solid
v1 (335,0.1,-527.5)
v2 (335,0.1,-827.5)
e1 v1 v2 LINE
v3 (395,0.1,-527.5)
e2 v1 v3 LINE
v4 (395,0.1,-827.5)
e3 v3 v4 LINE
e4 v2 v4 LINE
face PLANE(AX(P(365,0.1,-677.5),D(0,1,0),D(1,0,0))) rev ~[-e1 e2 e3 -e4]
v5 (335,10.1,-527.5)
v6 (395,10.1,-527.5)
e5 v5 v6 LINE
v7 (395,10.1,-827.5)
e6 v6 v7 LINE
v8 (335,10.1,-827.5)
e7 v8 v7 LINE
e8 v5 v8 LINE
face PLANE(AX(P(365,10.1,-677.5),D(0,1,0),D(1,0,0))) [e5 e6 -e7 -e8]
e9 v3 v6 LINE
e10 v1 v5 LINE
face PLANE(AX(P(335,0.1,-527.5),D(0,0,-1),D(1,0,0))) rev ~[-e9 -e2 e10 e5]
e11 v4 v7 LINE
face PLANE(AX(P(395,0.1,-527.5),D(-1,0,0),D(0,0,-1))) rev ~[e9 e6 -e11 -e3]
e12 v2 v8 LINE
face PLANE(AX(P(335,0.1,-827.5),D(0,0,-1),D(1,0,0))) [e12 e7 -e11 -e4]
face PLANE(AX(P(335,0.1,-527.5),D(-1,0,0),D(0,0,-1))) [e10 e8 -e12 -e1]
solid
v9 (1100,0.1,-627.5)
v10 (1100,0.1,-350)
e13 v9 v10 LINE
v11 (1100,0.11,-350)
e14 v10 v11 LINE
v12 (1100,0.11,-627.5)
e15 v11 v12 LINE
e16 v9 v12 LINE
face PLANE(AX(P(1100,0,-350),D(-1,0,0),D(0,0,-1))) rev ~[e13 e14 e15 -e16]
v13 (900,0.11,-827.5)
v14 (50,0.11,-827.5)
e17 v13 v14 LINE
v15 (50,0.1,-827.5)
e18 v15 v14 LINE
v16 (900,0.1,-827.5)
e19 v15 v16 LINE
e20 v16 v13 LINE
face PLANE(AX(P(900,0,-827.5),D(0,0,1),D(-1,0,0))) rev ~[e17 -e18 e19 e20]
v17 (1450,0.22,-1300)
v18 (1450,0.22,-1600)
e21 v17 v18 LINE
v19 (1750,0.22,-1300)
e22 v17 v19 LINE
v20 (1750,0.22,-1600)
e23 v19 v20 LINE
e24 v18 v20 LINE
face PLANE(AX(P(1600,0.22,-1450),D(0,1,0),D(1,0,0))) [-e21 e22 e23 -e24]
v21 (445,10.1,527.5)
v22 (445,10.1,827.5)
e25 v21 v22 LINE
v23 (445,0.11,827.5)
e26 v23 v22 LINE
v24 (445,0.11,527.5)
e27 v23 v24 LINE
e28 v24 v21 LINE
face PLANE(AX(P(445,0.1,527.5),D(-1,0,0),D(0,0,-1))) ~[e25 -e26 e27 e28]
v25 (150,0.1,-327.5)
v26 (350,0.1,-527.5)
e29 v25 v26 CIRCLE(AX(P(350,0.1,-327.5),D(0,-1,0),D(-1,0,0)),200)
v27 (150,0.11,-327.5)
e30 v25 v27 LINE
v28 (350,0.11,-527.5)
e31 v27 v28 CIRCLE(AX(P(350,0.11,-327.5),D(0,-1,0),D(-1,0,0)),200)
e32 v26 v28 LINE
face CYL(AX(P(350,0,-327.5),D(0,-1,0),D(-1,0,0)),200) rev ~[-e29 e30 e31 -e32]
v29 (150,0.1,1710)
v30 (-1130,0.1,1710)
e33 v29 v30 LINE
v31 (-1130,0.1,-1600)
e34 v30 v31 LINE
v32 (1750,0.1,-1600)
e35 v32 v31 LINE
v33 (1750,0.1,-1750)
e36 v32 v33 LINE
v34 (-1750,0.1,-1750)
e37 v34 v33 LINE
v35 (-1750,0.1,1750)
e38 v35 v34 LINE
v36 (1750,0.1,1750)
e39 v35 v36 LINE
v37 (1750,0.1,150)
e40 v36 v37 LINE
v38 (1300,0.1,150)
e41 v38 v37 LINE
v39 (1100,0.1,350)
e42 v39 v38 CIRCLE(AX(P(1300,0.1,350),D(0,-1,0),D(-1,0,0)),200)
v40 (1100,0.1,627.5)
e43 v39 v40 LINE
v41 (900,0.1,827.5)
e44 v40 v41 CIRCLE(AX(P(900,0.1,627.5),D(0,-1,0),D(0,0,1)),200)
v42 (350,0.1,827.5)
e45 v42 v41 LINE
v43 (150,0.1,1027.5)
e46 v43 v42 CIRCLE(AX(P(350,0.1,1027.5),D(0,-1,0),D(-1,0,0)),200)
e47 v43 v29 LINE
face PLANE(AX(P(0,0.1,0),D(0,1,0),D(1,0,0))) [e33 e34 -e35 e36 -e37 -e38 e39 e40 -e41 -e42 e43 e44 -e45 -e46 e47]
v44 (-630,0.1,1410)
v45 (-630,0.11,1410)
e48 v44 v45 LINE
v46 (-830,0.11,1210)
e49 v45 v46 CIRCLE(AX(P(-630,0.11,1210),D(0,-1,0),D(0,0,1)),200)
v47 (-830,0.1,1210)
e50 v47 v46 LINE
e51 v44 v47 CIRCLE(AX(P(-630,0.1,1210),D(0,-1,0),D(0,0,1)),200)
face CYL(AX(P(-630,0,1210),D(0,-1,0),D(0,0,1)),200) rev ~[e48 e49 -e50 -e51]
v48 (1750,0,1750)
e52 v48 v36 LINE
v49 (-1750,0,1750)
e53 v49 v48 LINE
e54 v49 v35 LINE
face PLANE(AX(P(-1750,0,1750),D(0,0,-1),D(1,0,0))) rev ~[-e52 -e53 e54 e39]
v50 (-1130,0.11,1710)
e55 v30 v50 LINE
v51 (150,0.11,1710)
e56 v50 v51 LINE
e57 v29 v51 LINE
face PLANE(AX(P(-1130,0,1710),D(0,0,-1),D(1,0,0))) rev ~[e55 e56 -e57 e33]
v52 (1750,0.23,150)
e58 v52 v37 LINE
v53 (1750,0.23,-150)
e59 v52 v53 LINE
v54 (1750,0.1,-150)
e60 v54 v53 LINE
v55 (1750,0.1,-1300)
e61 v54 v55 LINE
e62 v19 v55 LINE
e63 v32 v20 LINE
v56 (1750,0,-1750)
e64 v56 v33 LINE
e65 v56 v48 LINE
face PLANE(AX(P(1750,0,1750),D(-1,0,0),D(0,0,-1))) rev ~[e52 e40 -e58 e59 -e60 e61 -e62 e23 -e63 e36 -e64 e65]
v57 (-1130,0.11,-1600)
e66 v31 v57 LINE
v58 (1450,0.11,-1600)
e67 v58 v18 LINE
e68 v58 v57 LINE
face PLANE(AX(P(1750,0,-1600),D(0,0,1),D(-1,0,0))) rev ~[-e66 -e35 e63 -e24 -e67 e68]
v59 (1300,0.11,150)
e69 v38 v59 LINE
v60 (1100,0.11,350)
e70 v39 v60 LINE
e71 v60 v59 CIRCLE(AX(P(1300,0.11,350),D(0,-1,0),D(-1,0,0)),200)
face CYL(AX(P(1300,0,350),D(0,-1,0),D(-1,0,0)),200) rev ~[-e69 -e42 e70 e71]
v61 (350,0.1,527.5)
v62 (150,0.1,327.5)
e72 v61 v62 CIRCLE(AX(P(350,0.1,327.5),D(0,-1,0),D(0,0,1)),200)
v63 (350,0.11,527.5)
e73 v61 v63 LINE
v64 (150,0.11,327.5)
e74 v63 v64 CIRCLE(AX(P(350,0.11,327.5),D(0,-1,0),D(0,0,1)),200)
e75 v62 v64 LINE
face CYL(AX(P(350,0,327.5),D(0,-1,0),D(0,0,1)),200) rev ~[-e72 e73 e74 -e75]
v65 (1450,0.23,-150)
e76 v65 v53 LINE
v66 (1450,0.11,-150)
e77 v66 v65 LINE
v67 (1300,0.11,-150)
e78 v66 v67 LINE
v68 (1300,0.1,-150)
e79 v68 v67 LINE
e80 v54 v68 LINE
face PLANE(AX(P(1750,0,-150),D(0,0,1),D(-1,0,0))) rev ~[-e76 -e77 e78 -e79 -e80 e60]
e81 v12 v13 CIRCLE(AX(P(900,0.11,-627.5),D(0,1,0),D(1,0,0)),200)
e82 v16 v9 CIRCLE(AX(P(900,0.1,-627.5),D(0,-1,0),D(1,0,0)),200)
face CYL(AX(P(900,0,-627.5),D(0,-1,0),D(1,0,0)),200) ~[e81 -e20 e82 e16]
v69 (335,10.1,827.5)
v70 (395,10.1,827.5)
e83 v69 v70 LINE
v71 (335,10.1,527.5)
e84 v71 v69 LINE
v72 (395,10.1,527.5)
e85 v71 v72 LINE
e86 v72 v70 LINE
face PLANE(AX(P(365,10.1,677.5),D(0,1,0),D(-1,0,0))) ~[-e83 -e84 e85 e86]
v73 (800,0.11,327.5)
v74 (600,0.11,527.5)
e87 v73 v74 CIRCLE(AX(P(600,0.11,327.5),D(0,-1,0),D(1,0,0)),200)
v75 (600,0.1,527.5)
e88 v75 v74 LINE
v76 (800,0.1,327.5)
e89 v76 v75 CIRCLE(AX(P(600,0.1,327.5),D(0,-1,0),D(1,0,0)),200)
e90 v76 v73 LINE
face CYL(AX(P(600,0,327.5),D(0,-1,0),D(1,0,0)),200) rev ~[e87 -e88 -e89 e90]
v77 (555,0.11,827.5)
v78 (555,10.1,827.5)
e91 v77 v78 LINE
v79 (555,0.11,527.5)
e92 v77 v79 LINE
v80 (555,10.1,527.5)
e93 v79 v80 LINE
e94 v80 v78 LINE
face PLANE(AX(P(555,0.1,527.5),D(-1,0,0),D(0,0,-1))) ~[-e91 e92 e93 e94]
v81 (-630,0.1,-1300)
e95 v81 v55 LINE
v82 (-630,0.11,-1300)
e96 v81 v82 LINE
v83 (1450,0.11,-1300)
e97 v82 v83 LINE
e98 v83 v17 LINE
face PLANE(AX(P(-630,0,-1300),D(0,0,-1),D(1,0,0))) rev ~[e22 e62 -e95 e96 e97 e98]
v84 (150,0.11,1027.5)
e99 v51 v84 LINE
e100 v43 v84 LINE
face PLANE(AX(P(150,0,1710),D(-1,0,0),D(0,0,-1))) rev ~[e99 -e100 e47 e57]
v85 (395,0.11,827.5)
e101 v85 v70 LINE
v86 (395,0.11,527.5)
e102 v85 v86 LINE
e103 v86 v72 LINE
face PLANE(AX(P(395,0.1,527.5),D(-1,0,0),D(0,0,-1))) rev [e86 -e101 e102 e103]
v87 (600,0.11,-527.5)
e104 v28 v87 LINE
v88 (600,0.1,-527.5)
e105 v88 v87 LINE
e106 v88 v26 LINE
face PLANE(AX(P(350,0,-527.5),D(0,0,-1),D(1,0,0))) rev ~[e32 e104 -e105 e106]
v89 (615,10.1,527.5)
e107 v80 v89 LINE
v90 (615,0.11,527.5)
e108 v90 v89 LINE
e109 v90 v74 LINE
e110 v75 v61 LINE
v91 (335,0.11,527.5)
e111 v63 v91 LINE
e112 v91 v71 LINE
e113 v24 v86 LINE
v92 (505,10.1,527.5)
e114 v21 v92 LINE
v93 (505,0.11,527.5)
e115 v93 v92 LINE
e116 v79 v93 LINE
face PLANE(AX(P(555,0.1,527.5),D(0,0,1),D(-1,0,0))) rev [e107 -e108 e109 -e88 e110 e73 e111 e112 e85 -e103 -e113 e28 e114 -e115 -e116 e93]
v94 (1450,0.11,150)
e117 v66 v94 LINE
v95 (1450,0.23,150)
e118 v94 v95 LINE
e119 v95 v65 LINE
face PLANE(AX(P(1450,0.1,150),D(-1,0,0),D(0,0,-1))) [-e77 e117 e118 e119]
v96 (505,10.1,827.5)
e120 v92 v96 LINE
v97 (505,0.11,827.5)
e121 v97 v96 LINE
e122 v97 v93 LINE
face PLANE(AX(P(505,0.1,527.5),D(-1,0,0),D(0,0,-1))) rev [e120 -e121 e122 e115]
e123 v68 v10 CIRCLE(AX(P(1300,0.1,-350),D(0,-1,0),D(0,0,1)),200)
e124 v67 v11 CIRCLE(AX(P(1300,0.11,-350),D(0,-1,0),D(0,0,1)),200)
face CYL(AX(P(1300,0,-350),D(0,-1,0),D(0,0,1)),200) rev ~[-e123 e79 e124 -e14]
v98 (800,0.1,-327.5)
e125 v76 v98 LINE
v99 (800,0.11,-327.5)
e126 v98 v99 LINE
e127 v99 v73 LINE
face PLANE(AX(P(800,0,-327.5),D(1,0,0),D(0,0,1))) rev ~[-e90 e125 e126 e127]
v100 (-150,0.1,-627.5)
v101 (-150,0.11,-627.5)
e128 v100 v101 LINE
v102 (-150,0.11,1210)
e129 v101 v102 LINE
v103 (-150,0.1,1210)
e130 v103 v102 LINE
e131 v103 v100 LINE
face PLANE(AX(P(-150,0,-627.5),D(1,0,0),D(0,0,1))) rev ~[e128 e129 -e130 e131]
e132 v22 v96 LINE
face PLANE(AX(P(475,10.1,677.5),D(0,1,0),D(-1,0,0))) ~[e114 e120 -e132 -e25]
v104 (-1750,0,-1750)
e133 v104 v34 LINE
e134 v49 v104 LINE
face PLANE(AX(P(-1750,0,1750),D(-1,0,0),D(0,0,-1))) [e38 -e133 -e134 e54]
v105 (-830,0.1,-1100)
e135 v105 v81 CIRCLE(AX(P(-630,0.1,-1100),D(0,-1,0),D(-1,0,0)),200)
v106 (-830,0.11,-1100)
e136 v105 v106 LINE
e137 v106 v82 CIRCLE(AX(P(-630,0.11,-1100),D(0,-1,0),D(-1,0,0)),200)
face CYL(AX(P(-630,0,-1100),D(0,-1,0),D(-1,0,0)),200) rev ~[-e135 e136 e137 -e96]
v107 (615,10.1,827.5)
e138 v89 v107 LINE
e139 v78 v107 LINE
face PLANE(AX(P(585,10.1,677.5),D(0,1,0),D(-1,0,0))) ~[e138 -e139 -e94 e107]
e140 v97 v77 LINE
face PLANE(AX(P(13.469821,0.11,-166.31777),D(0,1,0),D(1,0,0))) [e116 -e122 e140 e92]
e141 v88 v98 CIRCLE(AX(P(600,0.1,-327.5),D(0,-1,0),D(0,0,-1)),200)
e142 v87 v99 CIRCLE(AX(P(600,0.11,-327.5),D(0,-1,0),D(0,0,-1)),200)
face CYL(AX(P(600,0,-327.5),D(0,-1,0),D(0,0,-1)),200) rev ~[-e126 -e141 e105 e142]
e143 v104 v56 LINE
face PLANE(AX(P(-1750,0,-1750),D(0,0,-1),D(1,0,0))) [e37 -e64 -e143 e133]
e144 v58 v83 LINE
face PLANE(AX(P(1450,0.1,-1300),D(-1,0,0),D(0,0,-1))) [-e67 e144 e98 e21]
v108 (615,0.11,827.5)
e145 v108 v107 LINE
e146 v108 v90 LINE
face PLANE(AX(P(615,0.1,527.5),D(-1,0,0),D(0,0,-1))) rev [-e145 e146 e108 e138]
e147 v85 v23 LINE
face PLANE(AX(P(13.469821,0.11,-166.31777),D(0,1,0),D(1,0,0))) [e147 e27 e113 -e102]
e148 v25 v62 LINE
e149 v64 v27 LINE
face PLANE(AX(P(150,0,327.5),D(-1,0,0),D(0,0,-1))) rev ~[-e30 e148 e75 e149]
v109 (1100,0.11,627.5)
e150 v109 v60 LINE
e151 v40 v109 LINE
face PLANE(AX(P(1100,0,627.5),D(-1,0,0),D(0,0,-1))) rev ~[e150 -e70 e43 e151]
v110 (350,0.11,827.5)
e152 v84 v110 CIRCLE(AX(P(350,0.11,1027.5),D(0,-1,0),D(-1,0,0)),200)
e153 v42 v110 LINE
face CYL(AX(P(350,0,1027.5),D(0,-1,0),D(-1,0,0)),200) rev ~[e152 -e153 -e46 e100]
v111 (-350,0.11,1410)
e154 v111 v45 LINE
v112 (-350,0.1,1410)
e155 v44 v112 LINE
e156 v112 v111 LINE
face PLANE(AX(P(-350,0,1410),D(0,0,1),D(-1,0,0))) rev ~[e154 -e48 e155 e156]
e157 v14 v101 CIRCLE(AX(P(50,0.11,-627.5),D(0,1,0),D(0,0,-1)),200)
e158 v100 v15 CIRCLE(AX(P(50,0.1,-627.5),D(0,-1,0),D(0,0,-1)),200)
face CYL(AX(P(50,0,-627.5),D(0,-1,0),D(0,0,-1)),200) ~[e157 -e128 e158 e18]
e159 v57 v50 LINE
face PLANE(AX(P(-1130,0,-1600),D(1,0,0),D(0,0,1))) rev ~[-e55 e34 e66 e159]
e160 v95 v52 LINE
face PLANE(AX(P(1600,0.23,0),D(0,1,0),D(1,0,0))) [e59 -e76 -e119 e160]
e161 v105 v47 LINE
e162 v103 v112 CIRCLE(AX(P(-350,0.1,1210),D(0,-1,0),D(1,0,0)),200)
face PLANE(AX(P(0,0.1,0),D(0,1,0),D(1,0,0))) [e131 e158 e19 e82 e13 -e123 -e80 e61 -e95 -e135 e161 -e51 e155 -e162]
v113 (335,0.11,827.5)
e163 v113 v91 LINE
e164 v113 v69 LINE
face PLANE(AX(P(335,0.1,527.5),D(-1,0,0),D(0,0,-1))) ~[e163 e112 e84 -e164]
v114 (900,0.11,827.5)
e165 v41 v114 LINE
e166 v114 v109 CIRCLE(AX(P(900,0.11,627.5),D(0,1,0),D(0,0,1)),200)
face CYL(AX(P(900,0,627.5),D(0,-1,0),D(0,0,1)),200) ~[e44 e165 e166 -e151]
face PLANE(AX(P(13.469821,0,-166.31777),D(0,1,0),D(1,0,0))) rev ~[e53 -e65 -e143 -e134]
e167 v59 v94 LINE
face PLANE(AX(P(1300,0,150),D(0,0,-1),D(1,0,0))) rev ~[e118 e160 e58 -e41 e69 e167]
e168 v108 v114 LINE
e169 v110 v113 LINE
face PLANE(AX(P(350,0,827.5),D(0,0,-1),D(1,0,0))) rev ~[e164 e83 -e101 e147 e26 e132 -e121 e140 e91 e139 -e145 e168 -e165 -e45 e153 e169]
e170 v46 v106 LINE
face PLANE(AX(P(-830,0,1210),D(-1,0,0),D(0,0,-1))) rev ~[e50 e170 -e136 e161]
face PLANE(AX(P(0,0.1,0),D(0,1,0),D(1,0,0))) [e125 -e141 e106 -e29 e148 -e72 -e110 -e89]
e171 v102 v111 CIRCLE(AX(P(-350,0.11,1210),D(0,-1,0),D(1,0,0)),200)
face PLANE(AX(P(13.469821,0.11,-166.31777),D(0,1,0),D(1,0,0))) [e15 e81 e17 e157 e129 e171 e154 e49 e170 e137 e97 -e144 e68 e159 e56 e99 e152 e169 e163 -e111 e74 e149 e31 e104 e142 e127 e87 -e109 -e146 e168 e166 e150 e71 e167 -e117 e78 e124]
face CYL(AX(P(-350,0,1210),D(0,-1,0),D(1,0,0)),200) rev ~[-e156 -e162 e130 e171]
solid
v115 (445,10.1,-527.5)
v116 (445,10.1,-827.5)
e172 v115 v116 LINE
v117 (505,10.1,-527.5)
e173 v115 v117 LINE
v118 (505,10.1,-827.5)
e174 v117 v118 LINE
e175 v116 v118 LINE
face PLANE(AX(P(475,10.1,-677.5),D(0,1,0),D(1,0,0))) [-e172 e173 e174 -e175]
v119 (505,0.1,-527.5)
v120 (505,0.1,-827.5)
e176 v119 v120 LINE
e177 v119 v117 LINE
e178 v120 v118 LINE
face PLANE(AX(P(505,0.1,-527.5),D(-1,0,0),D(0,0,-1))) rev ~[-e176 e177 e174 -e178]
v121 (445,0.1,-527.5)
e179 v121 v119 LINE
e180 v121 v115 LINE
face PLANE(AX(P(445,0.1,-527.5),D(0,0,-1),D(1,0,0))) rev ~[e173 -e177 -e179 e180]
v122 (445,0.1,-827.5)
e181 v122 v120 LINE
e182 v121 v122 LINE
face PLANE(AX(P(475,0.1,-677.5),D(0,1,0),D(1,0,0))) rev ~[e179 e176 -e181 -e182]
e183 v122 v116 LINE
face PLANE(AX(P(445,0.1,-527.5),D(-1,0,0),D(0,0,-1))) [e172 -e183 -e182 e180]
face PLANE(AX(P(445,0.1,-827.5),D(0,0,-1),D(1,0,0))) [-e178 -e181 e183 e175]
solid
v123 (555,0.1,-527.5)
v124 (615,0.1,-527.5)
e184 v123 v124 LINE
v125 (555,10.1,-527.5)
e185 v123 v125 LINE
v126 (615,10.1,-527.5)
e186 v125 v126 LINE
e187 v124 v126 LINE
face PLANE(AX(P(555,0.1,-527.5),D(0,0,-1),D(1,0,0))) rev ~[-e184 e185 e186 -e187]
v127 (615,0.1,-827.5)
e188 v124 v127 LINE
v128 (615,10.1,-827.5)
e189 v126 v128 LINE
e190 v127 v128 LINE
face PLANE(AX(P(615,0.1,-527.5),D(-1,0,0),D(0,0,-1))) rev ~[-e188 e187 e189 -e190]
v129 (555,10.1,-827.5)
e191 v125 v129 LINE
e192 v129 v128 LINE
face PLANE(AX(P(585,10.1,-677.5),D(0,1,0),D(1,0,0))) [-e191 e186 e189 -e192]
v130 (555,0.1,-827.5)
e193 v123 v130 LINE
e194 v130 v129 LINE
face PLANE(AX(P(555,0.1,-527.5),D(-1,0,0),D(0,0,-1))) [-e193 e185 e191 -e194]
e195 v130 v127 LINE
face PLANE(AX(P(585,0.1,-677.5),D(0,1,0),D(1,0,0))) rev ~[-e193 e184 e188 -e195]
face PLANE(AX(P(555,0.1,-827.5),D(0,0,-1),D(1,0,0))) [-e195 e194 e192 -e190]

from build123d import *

# Parameters (mm, degrees)
SKETCH_2_W        = 3500
SKETCH_2_H        = 3500
EXTRUDE_1_DEPTH   = 0.1
EXTRUDE_3_DEPTH   = 0.11
SKETCH_4_W        = 300
SKETCH_4_H        = 300
EXTRUDE_4_DEPTH   = 0.12
SKETCH_5_W        = 300
SKETCH_5_H        = 300
EXTRUDE_5_DEPTH   = 0.13
SKETCH_6_W        = 60
SKETCH_6_H        = 300
EXTRUDE_6_DEPTH   = 10
EXTRUDE_6_2_DEPTH = 10
EXTRUDE_6_3_DEPTH = 10


with BuildPart() as part:
    # 草图2 → 凸台-拉伸1 (new body)
    with BuildSketch(Plane(origin=(0, 0, 0), x_dir=(1, 0, 0), z_dir=(0, 1, 0))):
        Rectangle(SKETCH_2_W, SKETCH_2_H)
    extrude(amount=EXTRUDE_1_DEPTH)

    # 草图3 → 凸台-拉伸3 (add)
    with BuildSketch(Plane(origin=(0, 0, 0), x_dir=(1, 0, 0), z_dir=(0, 1, 0))):
        with BuildLine():
            Line((1750, 1600), (-1130, 1600))
            Line((-1130, 1600), (-1130, -1710))
            Line((-1130, -1710), (150, -1710))
            Line((150, -1710), (150, -1027.5))
            ThreePointArc((150, -1027.5), (208.578643763, -886.078643763), (350, -827.5))
            Line((350, -827.5), (900, -827.5))
            ThreePointArc((900, -827.5), (1041.421356237, -768.921356237), (1100, -627.5))
            Line((1100, -627.5), (1100, -350))
            ThreePointArc((1100, -350), (1158.578643763, -208.578643763), (1300, -150))
            Line((1300, -150), (1750, -150))
            Line((1750, -150), (1750, 150))
            Line((1750, 150), (1300, 150))
            ThreePointArc((1300, 150), (1158.578643763, 208.578643763), (1100, 350))
            Line((1100, 350), (1100, 627.5))
            ThreePointArc((1100, 627.5), (1041.421356237, 768.921356237), (900, 827.5))
            Line((900, 827.5), (50, 827.5))
            ThreePointArc((50, 827.5), (-91.421356237, 768.921356237), (-150, 627.5))
            Line((-150, 627.5), (-150, -1210))
            ThreePointArc((-150, -1210), (-208.578643763, -1351.421356237), (-350, -1410))
            Line((-350, -1410), (-630, -1410))
            ThreePointArc((-630, -1410), (-771.421356237, -1351.421356237), (-830, -1210))
            Line((-830, -1210), (-830, 1100))
            ThreePointArc((-830, 1100), (-771.421356237, 1241.421356237), (-630, 1300))
            Line((-630, 1300), (1750, 1300))
            Line((1750, 1300), (1750, 1600))
        make_face()
        with BuildLine():
            Line((350, 527.5), (600, 527.5))
            ThreePointArc((600, 527.5), (741.421356237, 468.921356237), (800, 327.5))
            Line((800, 327.5), (800, -327.5))
            ThreePointArc((800, -327.5), (741.421356237, -468.921356237), (600, -527.5))
            Line((600, -527.5), (350, -527.5))
            ThreePointArc((350, -527.5), (208.578643763, -468.921356237), (150, -327.5))
            Line((150, -327.5), (150, 327.5))
            ThreePointArc((150, 327.5), (208.578643763, 468.921356237), (350, 527.5))
        make_face(mode=Mode.SUBTRACT)
    extrude(amount=EXTRUDE_3_DEPTH)

    # 草图4 → 凸台-拉伸4 (add)
    with BuildSketch(Plane(origin=(0, 0.1, 0), x_dir=(1, 0, 0), z_dir=(0, 1, 0))):
        with Locations((1600, 1450)):
            Rectangle(SKETCH_4_W, SKETCH_4_H)
    extrude(amount=EXTRUDE_4_DEPTH)

    # 草图5 → 凸台-拉伸5 (add)
    with BuildSketch(Plane(origin=(0, 0.1, 0), x_dir=(1, 0, 0), z_dir=(0, 1, 0))):
        with Locations((1600, 0)):
            Rectangle(SKETCH_5_W, SKETCH_5_H)
    extrude(amount=EXTRUDE_5_DEPTH)


with BuildPart() as body_2:
    # 草图6 → 凸台-拉伸6 (new body)
    with BuildSketch(Plane(origin=(-425.822723821, 0.1, 0), x_dir=(1, 0, 0), z_dir=(0, 1, 0))):
        with Locations((900.822723821, 677.5)):
            Rectangle(SKETCH_6_W, SKETCH_6_H)
    extrude_6 = extrude(amount=EXTRUDE_6_DEPTH)


with BuildPart() as body_3:
    # 草图6 → Extrude 6 2 (new body)
    with BuildSketch(Plane(origin=(-425.822723821, 0.1, 0), x_dir=(1, 0, 0), z_dir=(0, 1, 0))):
        with Locations((1010.822723821, 677.5)):
            Rectangle(SKETCH_6_W, SKETCH_6_H)
    extrude_6_2 = extrude(amount=EXTRUDE_6_2_DEPTH)


with BuildPart() as body_4:
    # 草图6 → Extrude 6 3 (new body)
    with BuildSketch(Plane(origin=(-425.822723821, 0.1, 0), x_dir=(1, 0, 0), z_dir=(0, 1, 0))):
        with Locations((790.822723821, 677.5)):
            Rectangle(SKETCH_6_W, SKETCH_6_H)
    extrude_6_3 = extrude(amount=EXTRUDE_6_3_DEPTH)


with BuildPart() as part_1:
    add(part.part)

    # 镜向1: 凸台-拉伸6, Extrude 6 2, Extrude 6 3 across plane
    add(extrude_6.mirror(Plane.XY))
    add(extrude_6_2.mirror(Plane.XY))
    add(extrude_6_3.mirror(Plane.XY))


solid = Compound([body_2.part, body_3.part, body_4.part, part_1.part])
